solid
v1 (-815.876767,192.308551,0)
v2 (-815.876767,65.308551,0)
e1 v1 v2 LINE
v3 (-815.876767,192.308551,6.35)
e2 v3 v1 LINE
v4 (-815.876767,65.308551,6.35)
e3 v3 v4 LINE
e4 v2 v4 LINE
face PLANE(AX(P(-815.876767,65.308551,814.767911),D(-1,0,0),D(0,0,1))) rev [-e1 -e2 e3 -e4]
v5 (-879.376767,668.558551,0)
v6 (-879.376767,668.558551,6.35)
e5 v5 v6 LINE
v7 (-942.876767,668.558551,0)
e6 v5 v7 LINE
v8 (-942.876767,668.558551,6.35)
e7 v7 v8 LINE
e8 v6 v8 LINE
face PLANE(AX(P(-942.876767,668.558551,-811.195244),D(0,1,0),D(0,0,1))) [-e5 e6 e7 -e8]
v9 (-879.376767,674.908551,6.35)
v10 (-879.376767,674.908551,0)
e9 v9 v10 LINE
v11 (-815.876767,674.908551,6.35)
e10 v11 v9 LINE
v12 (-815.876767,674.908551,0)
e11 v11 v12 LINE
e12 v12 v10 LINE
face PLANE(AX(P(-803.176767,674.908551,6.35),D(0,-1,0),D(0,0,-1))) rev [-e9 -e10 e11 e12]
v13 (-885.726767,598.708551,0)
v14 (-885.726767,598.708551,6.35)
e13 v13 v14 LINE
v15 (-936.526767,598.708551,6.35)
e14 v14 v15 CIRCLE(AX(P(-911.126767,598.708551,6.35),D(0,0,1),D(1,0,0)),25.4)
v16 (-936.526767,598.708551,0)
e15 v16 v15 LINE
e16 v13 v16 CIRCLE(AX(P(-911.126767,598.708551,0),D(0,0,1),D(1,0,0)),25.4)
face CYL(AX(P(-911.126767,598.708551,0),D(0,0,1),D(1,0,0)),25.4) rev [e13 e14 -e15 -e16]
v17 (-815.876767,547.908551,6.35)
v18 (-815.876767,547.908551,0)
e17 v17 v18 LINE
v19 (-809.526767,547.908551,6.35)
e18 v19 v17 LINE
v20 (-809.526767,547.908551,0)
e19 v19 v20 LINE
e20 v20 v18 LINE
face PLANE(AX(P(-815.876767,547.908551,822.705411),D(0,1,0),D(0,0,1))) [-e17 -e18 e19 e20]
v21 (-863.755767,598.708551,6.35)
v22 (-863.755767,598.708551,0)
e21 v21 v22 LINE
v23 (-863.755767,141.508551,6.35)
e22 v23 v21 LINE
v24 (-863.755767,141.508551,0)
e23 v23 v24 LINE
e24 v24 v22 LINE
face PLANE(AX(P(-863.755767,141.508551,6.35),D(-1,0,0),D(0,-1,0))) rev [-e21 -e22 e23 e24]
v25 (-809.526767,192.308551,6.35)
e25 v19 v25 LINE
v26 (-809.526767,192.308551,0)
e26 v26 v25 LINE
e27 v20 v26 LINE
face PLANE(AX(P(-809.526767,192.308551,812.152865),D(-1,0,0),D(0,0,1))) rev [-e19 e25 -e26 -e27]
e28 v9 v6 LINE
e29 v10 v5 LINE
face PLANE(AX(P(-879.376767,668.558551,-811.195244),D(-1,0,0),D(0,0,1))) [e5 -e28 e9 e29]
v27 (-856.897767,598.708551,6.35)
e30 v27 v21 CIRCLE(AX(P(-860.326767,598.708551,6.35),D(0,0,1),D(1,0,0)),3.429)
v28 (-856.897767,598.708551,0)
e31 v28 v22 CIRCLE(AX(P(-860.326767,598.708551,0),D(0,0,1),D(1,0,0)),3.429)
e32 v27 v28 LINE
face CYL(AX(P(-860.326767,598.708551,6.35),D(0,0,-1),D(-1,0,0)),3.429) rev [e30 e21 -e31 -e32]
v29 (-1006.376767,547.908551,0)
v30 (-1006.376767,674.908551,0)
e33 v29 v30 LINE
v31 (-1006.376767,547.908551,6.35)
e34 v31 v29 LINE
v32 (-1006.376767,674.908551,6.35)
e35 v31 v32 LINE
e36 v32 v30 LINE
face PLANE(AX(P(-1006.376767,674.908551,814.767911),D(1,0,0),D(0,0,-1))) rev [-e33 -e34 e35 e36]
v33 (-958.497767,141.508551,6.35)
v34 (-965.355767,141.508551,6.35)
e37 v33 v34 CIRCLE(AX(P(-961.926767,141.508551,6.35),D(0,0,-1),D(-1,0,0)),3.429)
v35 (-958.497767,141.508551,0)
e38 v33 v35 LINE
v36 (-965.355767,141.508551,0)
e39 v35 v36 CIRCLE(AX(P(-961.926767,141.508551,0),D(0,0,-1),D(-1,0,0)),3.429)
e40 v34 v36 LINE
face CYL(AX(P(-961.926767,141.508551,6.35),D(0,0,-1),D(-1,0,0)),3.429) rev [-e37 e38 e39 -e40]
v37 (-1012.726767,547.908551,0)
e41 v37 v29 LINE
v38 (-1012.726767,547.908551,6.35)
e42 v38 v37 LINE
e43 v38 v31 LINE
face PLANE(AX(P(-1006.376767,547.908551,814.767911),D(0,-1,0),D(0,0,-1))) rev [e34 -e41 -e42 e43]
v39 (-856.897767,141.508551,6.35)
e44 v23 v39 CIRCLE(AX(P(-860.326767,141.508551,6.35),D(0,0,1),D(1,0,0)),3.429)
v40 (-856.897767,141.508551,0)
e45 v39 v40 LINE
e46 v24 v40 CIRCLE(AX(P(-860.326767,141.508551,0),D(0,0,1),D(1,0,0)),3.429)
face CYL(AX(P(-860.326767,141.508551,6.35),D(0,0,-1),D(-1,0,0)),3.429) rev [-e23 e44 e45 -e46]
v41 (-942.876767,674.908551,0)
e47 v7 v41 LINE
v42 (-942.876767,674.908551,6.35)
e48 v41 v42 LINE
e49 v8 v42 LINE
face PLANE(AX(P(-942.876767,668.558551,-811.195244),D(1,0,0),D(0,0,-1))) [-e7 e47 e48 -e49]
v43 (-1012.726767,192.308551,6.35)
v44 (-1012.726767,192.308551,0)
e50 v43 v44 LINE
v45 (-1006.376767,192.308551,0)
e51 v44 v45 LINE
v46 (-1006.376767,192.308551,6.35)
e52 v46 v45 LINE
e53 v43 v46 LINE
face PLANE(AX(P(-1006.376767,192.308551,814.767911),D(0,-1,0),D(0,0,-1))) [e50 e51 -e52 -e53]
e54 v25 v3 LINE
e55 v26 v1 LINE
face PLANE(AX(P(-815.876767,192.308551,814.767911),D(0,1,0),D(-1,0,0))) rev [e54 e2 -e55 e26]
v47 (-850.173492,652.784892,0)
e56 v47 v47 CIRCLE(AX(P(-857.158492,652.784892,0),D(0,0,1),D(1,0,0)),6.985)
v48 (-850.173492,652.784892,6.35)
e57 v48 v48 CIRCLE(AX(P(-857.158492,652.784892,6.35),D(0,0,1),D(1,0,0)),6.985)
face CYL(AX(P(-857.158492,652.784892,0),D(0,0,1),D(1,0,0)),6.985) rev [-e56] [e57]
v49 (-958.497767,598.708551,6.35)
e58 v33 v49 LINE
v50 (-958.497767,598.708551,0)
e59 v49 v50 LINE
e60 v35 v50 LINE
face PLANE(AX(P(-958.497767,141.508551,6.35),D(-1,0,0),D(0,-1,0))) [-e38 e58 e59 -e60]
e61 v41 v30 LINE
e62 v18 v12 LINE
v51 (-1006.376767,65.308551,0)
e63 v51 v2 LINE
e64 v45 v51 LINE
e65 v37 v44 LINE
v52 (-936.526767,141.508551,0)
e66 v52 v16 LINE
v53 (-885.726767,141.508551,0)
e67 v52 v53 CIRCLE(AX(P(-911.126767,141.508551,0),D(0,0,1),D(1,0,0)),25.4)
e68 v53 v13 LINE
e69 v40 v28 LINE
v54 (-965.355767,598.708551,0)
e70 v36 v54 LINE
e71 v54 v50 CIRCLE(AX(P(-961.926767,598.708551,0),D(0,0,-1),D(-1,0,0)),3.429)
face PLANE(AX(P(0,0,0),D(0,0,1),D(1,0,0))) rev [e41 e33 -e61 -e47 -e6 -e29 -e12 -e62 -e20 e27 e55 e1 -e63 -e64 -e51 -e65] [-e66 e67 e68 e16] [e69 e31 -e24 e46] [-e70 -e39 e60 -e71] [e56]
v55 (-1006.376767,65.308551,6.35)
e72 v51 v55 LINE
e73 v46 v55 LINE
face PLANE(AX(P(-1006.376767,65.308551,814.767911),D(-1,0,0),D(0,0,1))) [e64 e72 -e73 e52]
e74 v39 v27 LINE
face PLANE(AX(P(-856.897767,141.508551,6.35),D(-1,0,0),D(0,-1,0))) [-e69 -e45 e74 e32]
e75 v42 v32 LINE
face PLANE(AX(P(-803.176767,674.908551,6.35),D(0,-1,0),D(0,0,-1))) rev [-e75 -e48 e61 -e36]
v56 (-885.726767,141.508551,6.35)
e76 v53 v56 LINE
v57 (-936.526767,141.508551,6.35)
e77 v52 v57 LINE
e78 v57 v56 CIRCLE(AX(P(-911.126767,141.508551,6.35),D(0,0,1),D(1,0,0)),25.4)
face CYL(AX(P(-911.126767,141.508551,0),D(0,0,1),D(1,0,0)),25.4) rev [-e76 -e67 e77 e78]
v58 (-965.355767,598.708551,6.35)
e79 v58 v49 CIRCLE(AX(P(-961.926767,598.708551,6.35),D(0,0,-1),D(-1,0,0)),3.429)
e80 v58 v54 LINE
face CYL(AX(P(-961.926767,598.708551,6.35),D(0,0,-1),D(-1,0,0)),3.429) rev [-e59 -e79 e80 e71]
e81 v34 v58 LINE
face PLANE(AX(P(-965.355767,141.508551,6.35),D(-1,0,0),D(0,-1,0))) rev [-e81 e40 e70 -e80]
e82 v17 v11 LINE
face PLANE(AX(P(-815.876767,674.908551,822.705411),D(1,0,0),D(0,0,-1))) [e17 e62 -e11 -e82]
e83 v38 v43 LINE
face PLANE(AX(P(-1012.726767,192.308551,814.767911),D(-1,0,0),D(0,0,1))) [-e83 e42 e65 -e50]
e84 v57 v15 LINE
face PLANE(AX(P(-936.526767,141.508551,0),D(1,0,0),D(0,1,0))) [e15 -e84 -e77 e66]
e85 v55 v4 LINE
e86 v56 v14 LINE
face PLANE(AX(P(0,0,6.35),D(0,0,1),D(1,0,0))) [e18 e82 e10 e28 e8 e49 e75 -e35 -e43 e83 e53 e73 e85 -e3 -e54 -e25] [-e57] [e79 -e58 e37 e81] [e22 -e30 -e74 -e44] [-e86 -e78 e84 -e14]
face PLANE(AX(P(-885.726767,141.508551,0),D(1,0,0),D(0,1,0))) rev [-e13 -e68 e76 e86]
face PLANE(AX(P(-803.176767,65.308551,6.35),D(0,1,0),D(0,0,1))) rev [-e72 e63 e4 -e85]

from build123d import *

# Parameters (mm, degrees)
SKETCH2_W                = 215.9
SKETCH2_H                = 609.6
BOSS_EXTRUDE1_DEPTH      = 6.35
CUT_EXTRUDE1_DEPTH       = 7.35
CUT_EXTRUDE2_DEPTH       = 1
CUT_EXTRUDE2_DEPTH_BACK  = 7.35
CUT_EXTRUDE3_DEPTH       = 1
CUT_EXTRUDE3_DEPTH_BACK  = 7.35
CUT_EXTRUDE6_DEPTH       = 1
CUT_EXTRUDE6_DEPTH_BACK  = 7.35
CUT_EXTRUDE7_DEPTH       = 1
CUT_EXTRUDE7_DEPTH_BACK  = 7.35
CUT_EXTRUDE11_DEPTH      = 1
CUT_EXTRUDE11_DEPTH_BACK = 7.35
CUT_EXTRUDE13_DEPTH      = 1
CUT_EXTRUDE13_DEPTH_BACK = 7.35
SKETCH13_W               = 63.5
SKETCH13_H               = 6.35
CUT_EXTRUDE14_DEPTH      = 1
CUT_EXTRUDE14_DEPTH_BACK = 7.35
CUT_EXTRUDE19_DEPTH      = 7.35
SKETCH26_R               = 6.985
CUT_EXTRUDE20_DEPTH      = 7.35


with BuildPart() as part:
    # Sketch2 → Boss-Extrude1 (new body)
    with BuildSketch(Plane.XY):
        with Locations((-911.126767395, 370.108550968)):
            Rectangle(SKETCH2_W, SKETCH2_H)
    extrude(amount=BOSS_EXTRUDE1_DEPTH)

    # Sketch3 → Cut-Extrude1 (cut, through all)
    with BuildSketch(Plane.XY.offset(6.35)):
        with BuildLine():
            Line((-936.526767395, 141.508550968), (-936.526767395, 598.708550968))
            ThreePointArc((-936.526767395, 598.708550968), (-911.126767395, 624.108550968), (-885.726767395, 598.708550968))
            Line((-885.726767395, 598.708550968), (-885.726767395, 141.508550968))
            ThreePointArc((-885.726767395, 141.508550968), (-911.126767395, 116.108550968), (-936.526767395, 141.508550968))
        make_face()
    extrude(amount=-CUT_EXTRUDE1_DEPTH, mode=Mode.SUBTRACT)

    # Sketch4 → Cut-Extrude2 (cut, two sides)
    with BuildSketch(Plane.XY.offset(6.35)) as cut_extrude2_sk:
        Polygon((-815.876767395, 1970.05819206), (-815.876767395, 674.908550968), (-815.876767395, 547.908550968), (-803.176767395, 547.908550968), (491.972873698, 547.908550968), (2398.607136056, 2301.304159748), (1090.757494964, 3723.45380084), align=None)
    extrude(amount=CUT_EXTRUDE2_DEPTH, mode=Mode.SUBTRACT)
    extrude(cut_extrude2_sk.sketch, amount=-CUT_EXTRUDE2_DEPTH_BACK, mode=Mode.SUBTRACT)

    # Sketch5 → Cut-Extrude3 (cut, two sides)
    with BuildSketch(Plane.XY.offset(6.35)) as cut_extrude3_sk:
        Polygon((-815.876767395, -1229.841090125), (-815.876767395, 65.308550968), (-815.876767395, 192.308550968), (-803.176767395, 192.308550968), (491.972873698, 192.308550968), (2398.607136056, -1561.087057812), (1090.757494964, -2983.236698905), align=None)
    extrude(amount=CUT_EXTRUDE3_DEPTH, mode=Mode.SUBTRACT)
    extrude(cut_extrude3_sk.sketch, amount=-CUT_EXTRUDE3_DEPTH_BACK, mode=Mode.SUBTRACT)

    # Sketch6 → Cut-Extrude6 (cut, two sides)
    with BuildSketch(Plane.XY.offset(6.35)) as cut_extrude6_sk:
        Polygon((-1006.376767395, 1970.05819206), (-1006.376767395, 674.908550968), (-1006.376767395, 547.908550968), (-1019.076767395, 547.908550968), (-2314.226408487, 547.908550968), (-4220.860670845, 2301.304159748), (-2913.011029753, 3723.45380084), align=None)
    extrude(amount=CUT_EXTRUDE6_DEPTH, mode=Mode.SUBTRACT)
    extrude(cut_extrude6_sk.sketch, amount=-CUT_EXTRUDE6_DEPTH_BACK, mode=Mode.SUBTRACT)

    # Sketch9 → Cut-Extrude7 (cut, two sides)
    with BuildSketch(Plane.XY.offset(6.35)) as cut_extrude7_sk:
        Polygon((-1006.376767395, -1229.841090125), (-1006.376767395, 65.308550968), (-1006.376767395, 192.308550968), (-1019.076767395, 192.308550968), (-2314.226408487, 192.308550968), (-4220.860670845, -1561.087057812), (-2913.011029753, -2983.236698905), align=None)
    extrude(amount=CUT_EXTRUDE7_DEPTH, mode=Mode.SUBTRACT)
    extrude(cut_extrude7_sk.sketch, amount=-CUT_EXTRUDE7_DEPTH_BACK, mode=Mode.SUBTRACT)

    # Sketch16 → Cut-Extrude11 (cut, two sides)
    with BuildSketch(Plane.XY.offset(6.35)) as cut_extrude11_sk:
        Polygon((-1012.726767395, -869.953702465), (-1012.726767395, 192.308550968), (-1012.726767395, 547.908550968), (-1012.726767395, 1610.170804401), (-3137.251274261, 1610.170804401), (-3137.251274261, -869.953702465), align=None)
    extrude(amount=CUT_EXTRUDE11_DEPTH, mode=Mode.SUBTRACT)
    extrude(cut_extrude11_sk.sketch, amount=-CUT_EXTRUDE11_DEPTH_BACK, mode=Mode.SUBTRACT)

    # Sketch17 → Cut-Extrude13 (cut, two sides)
    with BuildSketch(Plane.XY.offset(6.35)) as cut_extrude13_sk:
        Polygon((-809.526767395, -864.960277939), (-809.526767395, 192.308550968), (-809.526767395, 547.908550968), (-809.526767395, 1605.177379875), (1305.010890419, 1605.177379875), (1305.010890419, -864.960277939), align=None)
    extrude(amount=CUT_EXTRUDE13_DEPTH, mode=Mode.SUBTRACT)
    extrude(cut_extrude13_sk.sketch, amount=-CUT_EXTRUDE13_DEPTH_BACK, mode=Mode.SUBTRACT)

    # Sketch13 → Cut-Extrude14 (cut, two sides)
    with BuildSketch(Plane(origin=(0, 0, 0), x_dir=(-1, 0, 0), z_dir=(0, 0, -1))) as cut_extrude14_sk:
        with Locations((911.126767395, 671.733550968)):
            Rectangle(SKETCH13_W, SKETCH13_H)
    extrude(amount=CUT_EXTRUDE14_DEPTH, mode=Mode.SUBTRACT)
    extrude(cut_extrude14_sk.sketch, amount=-CUT_EXTRUDE14_DEPTH_BACK, mode=Mode.SUBTRACT)

    # Sketch25 → Cut-Extrude19 (cut, through all)
    with BuildSketch(Plane(origin=(0, 0, 0), x_dir=(-1, 0, 0), z_dir=(0, 0, -1))):
        with BuildLine():
            Line((958.497767395, 141.508550968), (958.497767395, 598.708550968))
            ThreePointArc((958.497767395, 598.708550968), (961.926767395, 602.137550968), (965.355767395, 598.708550968))
            Line((965.355767395, 598.708550968), (965.355767395, 141.508550968))
            ThreePointArc((965.355767395, 141.508550968), (961.926767395, 138.079550968), (958.497767395, 141.508550968))
        make_face()
    cut_extrude19 = extrude(amount=-CUT_EXTRUDE19_DEPTH, mode=Mode.SUBTRACT)

    # Mirror1: Cut-Extrude19 across plane
    add(cut_extrude19.mirror(Plane(origin=(-911.126767395, 0, 0), x_dir=(0, 0, 1), z_dir=(1, 0, 0))), mode=Mode.SUBTRACT)

    # Sketch26 → Cut-Extrude20 (cut, through all)
    with BuildSketch(Plane.XY.offset(6.35)):
        with Locations((-857.158491521, 652.784891731)):
            Circle(SKETCH26_R)
    extrude(amount=-CUT_EXTRUDE20_DEPTH, mode=Mode.SUBTRACT)


solid = part.part
